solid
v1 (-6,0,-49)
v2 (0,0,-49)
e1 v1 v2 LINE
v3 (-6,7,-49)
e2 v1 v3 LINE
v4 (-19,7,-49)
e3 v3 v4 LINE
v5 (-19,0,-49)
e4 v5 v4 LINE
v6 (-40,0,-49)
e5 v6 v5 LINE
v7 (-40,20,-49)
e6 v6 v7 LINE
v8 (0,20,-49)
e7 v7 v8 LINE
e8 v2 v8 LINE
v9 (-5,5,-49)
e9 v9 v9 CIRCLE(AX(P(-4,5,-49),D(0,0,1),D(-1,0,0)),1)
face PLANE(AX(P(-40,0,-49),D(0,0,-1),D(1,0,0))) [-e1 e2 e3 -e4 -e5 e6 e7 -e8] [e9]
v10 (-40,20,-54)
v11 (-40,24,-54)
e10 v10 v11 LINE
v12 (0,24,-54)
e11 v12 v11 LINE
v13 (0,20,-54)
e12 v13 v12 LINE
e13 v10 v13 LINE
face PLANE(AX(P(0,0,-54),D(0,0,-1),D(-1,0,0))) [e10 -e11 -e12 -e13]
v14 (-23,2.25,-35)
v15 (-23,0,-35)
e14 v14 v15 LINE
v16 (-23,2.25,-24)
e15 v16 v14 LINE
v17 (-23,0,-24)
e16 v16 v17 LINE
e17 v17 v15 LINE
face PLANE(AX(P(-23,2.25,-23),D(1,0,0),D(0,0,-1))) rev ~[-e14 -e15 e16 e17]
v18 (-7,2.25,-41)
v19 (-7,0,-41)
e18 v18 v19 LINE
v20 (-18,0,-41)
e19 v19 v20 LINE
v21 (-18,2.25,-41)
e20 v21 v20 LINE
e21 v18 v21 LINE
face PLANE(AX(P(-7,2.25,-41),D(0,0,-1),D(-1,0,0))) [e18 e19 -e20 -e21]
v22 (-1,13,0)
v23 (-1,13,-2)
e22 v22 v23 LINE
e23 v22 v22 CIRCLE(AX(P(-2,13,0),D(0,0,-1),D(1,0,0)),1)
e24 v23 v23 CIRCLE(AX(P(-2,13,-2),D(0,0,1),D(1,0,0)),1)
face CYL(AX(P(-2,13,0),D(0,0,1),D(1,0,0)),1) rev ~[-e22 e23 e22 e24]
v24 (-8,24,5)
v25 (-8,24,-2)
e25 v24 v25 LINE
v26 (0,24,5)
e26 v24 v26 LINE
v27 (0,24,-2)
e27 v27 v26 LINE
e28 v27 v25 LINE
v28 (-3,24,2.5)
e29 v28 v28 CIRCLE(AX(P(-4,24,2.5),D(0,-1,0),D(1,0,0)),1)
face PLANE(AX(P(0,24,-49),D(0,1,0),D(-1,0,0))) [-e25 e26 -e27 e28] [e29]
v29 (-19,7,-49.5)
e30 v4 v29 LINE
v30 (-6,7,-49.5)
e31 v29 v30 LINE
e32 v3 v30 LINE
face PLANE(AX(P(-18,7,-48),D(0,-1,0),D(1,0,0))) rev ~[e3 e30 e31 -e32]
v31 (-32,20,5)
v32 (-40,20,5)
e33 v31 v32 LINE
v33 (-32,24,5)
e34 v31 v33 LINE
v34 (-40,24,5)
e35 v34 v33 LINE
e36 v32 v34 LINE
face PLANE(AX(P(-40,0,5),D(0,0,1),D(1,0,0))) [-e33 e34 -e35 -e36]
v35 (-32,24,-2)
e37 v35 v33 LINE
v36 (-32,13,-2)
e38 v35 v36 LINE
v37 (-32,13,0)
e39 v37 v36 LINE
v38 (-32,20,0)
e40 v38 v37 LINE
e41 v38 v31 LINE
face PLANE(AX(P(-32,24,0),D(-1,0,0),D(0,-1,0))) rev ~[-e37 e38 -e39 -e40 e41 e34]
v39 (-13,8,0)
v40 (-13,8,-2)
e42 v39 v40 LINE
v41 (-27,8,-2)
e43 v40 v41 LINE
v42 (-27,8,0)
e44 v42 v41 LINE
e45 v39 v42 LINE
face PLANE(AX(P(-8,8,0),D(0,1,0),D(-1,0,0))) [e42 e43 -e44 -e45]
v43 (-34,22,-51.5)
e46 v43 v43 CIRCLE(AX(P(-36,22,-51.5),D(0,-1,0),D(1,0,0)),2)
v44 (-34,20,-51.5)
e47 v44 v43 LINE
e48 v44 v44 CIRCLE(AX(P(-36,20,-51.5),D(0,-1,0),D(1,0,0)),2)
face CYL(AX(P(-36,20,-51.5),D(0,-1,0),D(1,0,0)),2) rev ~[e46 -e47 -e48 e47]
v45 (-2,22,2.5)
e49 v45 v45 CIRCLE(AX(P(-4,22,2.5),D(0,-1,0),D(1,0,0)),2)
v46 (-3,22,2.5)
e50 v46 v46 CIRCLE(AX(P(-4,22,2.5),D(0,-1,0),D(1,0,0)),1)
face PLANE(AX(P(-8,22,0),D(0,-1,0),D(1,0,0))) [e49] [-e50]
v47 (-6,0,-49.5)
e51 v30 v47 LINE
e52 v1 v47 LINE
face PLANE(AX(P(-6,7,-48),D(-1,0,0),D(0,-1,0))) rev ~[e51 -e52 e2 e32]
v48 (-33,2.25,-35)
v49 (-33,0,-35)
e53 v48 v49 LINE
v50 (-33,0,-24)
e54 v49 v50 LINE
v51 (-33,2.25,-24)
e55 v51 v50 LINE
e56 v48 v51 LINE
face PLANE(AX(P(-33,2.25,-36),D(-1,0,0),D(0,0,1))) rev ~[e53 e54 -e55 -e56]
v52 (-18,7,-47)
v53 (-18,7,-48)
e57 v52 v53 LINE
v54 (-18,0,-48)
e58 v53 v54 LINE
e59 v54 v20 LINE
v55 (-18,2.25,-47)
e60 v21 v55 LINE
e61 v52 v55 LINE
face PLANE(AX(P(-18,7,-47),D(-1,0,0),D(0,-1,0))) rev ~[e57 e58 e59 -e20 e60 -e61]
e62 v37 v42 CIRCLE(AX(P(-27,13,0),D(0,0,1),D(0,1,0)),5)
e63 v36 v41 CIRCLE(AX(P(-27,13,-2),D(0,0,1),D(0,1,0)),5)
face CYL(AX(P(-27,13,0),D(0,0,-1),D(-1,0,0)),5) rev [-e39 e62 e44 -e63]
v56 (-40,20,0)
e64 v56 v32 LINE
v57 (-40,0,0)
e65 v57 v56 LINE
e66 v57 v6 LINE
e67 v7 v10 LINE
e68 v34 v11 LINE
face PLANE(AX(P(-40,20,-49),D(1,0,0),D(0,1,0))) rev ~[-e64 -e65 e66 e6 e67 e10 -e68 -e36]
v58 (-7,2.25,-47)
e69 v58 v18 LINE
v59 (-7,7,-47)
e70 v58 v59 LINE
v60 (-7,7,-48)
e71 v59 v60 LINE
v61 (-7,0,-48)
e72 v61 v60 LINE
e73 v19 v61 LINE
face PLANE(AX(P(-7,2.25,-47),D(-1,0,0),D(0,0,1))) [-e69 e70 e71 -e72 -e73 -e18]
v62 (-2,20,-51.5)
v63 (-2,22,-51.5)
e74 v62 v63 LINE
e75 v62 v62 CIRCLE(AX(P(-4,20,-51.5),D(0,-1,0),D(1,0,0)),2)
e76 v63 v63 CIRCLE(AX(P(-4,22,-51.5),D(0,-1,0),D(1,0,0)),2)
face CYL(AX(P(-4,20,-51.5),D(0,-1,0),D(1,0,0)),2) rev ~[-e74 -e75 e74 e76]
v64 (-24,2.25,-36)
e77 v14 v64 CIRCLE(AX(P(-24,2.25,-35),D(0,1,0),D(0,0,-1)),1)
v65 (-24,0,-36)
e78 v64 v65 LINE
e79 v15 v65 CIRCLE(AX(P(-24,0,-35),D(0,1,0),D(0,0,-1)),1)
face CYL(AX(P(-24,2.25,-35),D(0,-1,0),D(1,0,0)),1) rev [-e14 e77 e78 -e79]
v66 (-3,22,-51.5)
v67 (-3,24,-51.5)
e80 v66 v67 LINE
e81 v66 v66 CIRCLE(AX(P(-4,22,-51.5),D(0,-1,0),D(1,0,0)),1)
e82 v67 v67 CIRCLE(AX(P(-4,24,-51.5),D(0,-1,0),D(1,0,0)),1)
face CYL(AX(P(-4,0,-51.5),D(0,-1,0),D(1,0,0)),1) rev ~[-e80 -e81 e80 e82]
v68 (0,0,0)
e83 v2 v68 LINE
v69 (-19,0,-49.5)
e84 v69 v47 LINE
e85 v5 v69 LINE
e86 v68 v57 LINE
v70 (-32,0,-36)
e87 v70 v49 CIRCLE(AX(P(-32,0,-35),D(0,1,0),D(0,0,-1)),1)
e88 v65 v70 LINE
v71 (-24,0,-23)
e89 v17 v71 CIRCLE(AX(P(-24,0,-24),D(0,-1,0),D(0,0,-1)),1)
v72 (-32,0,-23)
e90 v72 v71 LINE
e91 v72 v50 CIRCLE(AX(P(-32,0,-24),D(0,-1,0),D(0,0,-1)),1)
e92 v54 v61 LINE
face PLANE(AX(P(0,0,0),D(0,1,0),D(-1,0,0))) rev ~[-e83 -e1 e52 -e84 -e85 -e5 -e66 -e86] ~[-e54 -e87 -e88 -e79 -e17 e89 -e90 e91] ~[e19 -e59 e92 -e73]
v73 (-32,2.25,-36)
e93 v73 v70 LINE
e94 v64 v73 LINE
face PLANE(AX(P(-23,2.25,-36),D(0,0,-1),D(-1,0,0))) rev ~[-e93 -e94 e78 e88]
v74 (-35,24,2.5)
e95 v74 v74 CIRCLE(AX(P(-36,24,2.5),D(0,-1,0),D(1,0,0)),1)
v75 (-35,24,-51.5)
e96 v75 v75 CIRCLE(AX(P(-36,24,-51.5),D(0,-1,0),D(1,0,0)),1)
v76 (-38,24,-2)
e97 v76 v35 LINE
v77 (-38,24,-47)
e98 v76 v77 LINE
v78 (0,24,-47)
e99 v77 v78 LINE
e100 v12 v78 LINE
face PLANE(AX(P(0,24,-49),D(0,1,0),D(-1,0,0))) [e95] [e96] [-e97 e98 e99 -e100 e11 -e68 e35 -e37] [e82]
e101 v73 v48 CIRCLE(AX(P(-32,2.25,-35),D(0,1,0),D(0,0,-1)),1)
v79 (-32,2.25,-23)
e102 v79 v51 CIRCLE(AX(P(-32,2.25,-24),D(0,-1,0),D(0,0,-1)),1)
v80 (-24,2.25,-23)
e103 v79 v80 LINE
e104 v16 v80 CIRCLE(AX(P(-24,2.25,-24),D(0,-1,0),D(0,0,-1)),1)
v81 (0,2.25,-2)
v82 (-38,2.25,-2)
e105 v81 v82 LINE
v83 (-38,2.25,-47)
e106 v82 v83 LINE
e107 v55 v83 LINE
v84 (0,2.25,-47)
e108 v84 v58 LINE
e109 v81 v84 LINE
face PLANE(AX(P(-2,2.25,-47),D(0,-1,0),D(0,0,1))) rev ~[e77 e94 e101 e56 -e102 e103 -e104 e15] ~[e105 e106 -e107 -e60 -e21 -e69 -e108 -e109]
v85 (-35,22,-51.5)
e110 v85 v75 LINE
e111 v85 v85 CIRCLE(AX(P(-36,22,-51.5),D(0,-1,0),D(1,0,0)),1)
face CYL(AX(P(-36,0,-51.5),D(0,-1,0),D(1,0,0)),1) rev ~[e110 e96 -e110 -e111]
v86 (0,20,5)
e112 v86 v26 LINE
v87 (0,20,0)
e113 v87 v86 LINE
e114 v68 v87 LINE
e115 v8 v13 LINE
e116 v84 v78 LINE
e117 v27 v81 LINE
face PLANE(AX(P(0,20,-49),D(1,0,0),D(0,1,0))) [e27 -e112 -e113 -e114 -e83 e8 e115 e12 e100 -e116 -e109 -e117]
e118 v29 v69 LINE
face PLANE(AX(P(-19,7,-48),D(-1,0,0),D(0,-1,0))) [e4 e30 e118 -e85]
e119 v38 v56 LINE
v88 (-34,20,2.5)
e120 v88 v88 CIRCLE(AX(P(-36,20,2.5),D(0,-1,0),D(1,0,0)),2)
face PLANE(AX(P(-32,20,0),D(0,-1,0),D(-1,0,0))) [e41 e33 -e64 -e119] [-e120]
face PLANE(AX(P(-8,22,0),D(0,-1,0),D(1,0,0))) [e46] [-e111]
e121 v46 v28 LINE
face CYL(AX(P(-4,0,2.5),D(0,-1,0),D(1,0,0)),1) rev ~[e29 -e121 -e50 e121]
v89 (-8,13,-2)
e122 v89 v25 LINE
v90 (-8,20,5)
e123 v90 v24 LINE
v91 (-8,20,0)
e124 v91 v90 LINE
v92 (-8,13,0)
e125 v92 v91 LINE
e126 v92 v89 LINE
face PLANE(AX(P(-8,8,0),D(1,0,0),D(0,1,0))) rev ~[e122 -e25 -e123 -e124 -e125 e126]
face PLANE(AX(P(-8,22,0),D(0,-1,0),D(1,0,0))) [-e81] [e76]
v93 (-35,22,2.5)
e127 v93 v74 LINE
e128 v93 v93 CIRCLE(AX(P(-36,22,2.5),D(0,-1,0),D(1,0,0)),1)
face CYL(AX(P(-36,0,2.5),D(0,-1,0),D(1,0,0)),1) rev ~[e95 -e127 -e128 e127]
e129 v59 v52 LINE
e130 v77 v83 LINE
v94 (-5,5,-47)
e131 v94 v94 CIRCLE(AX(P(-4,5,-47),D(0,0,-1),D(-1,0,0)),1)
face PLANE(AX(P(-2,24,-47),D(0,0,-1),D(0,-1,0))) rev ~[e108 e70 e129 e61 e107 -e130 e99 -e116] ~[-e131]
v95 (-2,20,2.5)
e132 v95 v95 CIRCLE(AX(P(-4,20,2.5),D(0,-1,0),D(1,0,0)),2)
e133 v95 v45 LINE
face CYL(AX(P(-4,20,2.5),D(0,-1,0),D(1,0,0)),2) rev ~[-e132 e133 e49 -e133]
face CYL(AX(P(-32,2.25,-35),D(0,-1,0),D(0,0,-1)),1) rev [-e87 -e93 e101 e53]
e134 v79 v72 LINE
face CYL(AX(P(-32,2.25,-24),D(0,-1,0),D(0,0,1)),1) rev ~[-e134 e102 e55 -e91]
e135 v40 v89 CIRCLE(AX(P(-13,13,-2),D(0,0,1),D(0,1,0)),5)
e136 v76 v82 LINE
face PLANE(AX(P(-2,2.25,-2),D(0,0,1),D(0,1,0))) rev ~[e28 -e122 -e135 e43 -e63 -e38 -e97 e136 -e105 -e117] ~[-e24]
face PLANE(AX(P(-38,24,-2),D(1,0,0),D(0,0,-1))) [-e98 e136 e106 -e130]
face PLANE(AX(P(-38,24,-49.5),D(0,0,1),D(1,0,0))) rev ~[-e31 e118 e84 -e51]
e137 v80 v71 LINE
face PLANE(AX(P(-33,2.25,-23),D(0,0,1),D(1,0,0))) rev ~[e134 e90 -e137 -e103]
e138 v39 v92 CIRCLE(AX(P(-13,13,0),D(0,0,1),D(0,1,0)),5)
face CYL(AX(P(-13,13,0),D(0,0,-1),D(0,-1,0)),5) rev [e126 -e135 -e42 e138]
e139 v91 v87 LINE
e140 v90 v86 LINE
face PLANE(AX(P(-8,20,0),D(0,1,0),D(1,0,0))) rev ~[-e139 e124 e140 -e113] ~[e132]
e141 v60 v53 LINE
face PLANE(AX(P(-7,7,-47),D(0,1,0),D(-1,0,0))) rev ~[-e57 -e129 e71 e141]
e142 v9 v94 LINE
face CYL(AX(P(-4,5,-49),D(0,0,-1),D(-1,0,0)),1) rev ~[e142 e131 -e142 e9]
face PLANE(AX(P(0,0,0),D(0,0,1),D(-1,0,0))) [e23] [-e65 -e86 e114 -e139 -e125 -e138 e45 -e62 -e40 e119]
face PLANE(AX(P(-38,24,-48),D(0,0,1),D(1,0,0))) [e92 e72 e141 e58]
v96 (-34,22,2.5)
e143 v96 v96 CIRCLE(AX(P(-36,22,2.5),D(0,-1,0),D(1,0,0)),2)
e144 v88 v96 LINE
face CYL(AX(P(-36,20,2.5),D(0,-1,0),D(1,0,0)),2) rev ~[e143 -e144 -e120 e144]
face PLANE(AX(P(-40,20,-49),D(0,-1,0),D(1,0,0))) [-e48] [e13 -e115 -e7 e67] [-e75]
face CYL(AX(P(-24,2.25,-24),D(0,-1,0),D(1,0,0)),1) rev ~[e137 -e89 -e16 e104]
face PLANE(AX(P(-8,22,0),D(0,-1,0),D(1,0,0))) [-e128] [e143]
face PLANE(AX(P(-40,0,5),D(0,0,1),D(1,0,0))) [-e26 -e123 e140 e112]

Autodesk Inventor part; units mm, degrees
ref_plane "YZ Plane" through (0, 0, 0) normal (1, 0, 0) x (0, 1, 0)
ref_plane "XZ Plane" through (0, 0, 0) normal (0, 1, 0) x (-1, 0, 0)
ref_plane "XY Plane" through (0, 0, 0) normal (0, 0, 1) x (1, 0, 0)
sketch "Sketch1" plane through (0, 0, 0) normal (0, 1, 0) x (-1, 0, 0)
  line L0 (0, 0) -> (40, 0)
  line L1 (40, 0) -> (40, -49)
  line L2 (40, -49) -> (0, -49)
  line L3 (0, -49) -> (0, 0)
  dimension "d0" = 40
  dimension "d1" = 49
extrude "Extrusion1" add sketch "Sketch1" along normal blind 24
sketch "Sketch2" plane through (0, 24, 0) normal (0, 1, 0) x (1, 0, 0)
  line L0 (0, 0) -> (0, 49) projected
  line L1 (0, 49) -> (-40, 49) projected
  line L2 (0, 0) -> (-2, 0)
  line L3 (-2, 0) -> (-2, 49)
  line L4 (-2, 49) -> (0, 49)
  line L5 (0, 49) -> (0, 0)
  line L6 (-40, 49) -> (-40, 0) projected
  line L7 (-40, 0) -> (-38, 0)
  line L8 (-38, 0) -> (-38, 49)
  line L9 (-38, 49) -> (-40, 49)
  line L10 (-40, 49) -> (-40, 0)
  line L11 (0, 0) -> (-40, 0)
  line L12 (-40, 0) -> (-40, 2)
  line L13 (-40, 2) -> (0, 2)
  line L14 (0, 2) -> (0, 0)
  line L15 (0, 49) -> (-40, 49)
  line L16 (-40, 49) -> (-40, 47)
  line L17 (-40, 47) -> (0, 47)
  line L18 (0, 47) -> (0, 49)
  line L19 (-2, 47) -> (-38, 47)
  line L20 (-38, 47) -> (-38, 2)
  line L21 (-38, 2) -> (-2, 2)
  line L22 (-2, 2) -> (-2, 47)
  point P0 (-38, 47)
  dimension "d4" = 2
  dimension "d5" = 2
  dimension "d6" = 2
  dimension "d7" = 2
extrude "Extrusion2" cut sketch "Sketch2" against normal blind 21.75 contours L13 L8 L17 L3
sketch "Sketch3" plane through (-40, 0, 0) normal (0, 0, 1) x (1, 0, 0)
  line L0 (0, 24) -> (40, 24) projected
  line L1 (0, 0) -> (40, 0) projected
  line L2 (0, 24) -> (8, 24)
  line L3 (8, 24) -> (8, 0)
  line L4 (8, 0) -> (0, 0)
  line L5 (0, 0) -> (0, 24)
  line L6 (0, 0) -> (0, 24) projected
  line L7 (40, 0) -> (40, 24) projected
  line L8 (0, 0) -> (40, 0)
  line L9 (40, 0) -> (40, 8)
  line L10 (40, 8) -> (0, 8)
  line L11 (0, 8) -> (0, 0)
  line L12 (38, 24) -> (2, 24) projected
  line L13 (40, 0) -> (32, 0)
  line L14 (32, 0) -> (32, 24)
  line L15 (32, 24) -> (40, 24)
  line L16 (40, 24) -> (40, 0)
  line L17 (8, 24) -> (32, 24)
  line L18 (32, 24) -> (32, 8)
  line L19 (32, 8) -> (8, 8)
  line L20 (8, 8) -> (8, 24)
  point P0 (8, 8)
  dimension "d10" = 8
  dimension "d11" = 8
  dimension "d12" = 8
extrude "Extrusion3" cut sketch "Sketch3" against normal blind 21 contours L0 L14 L10 L3
fillet "Fillet1" radius 5 2 edges at (-32, 8, -1) (-8, 8, -1)
sketch "Sketch4" plane through (-40, 0, 0) normal (0, 0, 1) x (1, 0, 0)
  line L0 (0, 0) -> (0, 24) projected
  line L1 (8, 13) -> (8, 24) projected
  line L2 (0, 24) -> (8, 24)
  line L3 (8, 24) -> (8, 20)
  line L4 (8, 20) -> (0, 20)
  line L5 (0, 20) -> (0, 24)
  line L6 (32, 24) -> (40, 24) projected
  line L7 (32, 13) -> (32, 24) projected
  line L8 (40, 24) -> (32, 24)
  line L9 (32, 24) -> (32, 20)
  line L10 (32, 20) -> (40, 20)
  line L11 (40, 20) -> (40, 24)
  point P0 (40, 0)
  point P1 (0, 20)
  dimension "d16" = 4
  dimension "d17" = 4
extrude "Extrusion4" add sketch "Sketch4" along normal blind 5
sketch "Sketch5" plane through (0, 0, -49) normal (0, 0, -1) x (-1, 0, 0)
  line L0 (40, 0) -> (40, 24) projected
  line L1 (0, 24) -> (40, 24)
  line L2 (40, 24) -> (40, 20)
  line L3 (40, 20) -> (0, 20)
  line L4 (0, 20) -> (0, 24)
  point P0 (0, 0)
  dimension "d20" = 4
extrude "Extrusion5" add sketch "Sketch5" along normal blind 5
sketch "Sketch6" plane through (-2, 24, -47) normal (-1, 0, 0) x (0, 0, 1)
  line L0 (0, 0) -> (0, -21.75) projected
  line L1 (0, 0) -> (45, 0) projected
  line L2 (0, -21.75) -> (45, -21.75)
  line L3 (45, -21.75) -> (45, 0)
  line L4 (45, 0) -> (0, 0)
  line L5 (0, 0) -> (0, -21.75)
  point P0 (47, -24)
extrude "Extrusion6" cut sketch "Sketch6" against normal blind 10
sketch "Sketch7" plane through (0, 2.25, 0) normal (0, 1, 0) x (1, 0, 0)
  line L0 (-38, 47) -> (-23, 47)
  line L1 (-23, 47) -> (-23, 36)
  line L2 (-23, 36) -> (-38, 36)
  line L3 (-38, 36) -> (-38, 47)
  line L4 (-23, 36) -> (-33, 36)
  line L5 (-33, 36) -> (-33, 23)
  line L6 (-33, 23) -> (-23, 23)
  line L7 (-23, 23) -> (-23, 36)
  line L8 (-38, 47) -> (0, 47) projected
  line L9 (-23, 23) -> (-18, 23)
  line L10 (-18, 23) -> (-18, 47)
  line L11 (-18, 47) -> (-23, 47)
  line L12 (-23, 47) -> (-23, 23)
  line L13 (-18, 47) -> (-7, 47)
  line L14 (-7, 47) -> (-7, 41)
  line L15 (-7, 41) -> (-18, 41)
  line L16 (-18, 41) -> (-18, 47)
  point P0 (0, 0)
  point P1 (-7, 47)
  dimension "d25" = 15
  dimension "d26" = 11
  dimension "d27" = 10
  dimension "d28" = 13
  dimension "d29" = 5
  dimension "d30" = 11
  dimension "d31" = 6
extrude "Extrusion7" cut sketch "Sketch7" against normal blind 10 contours L7 L6 L5 L2 | L8 L14 L15 L10
sketch "Sketch8" plane through (-38, 24, -47) normal (0, 0, 1) x (1, 0, 0)
  line L0 (20, -24) -> (31, -24)
  line L1 (31, -24) -> (31, -17)
  line L2 (31, -17) -> (20, -17)
  line L3 (20, -17) -> (20, -24)
  point P0 (38, -24)
  dimension "d34" = 11
  dimension "d35" = 7
extrude "Extrusion8" cut sketch "Sketch8" against normal blind 1
fillet "Fillet2" radius 1 4 edges at (-33, 1.125, -36) (-23, 1.125, -36) (-33, 1.125, -23) (-23, 1.125, -23)
sketch "Sketch9" plane through (-38, 24, -48) normal (0, 0, 1) x (1, 0, 0)
  line L0 (31, -24) -> (20, -24) projected
  line L1 (20, -17) -> (31, -17)
  line L2 (31, -17) -> (31, -24)
  line L3 (31, -24) -> (20, -24)
  line L4 (20, -24) -> (20, -17)
  line L5 (20, -24) -> (20, -17) projected
  line L6 (20, -17) -> (19, -17)
  line L7 (19, -17) -> (19, -24)
  line L8 (19, -24) -> (20, -24)
  line L9 (20, -24) -> (20, -17)
  line L10 (31, -17) -> (32, -17)
  line L11 (32, -17) -> (32, -24)
  line L12 (32, -24) -> (31, -24)
  line L13 (31, -24) -> (31, -17)
  point P0 (38, -24)
  point P1 (31, -24)
  dimension "d69" = 1
  dimension "d70" = 1
extrude "Extrusion9" add sketch "Sketch9" against normal blind 1.5
sketch "Sketch10" plane through (0, 0, 0) normal (0, -1, 0) x (1, 0, 0)
  line L0 (-8, 5) -> (0, 5) projected
  line L1 (0, 5) -> (-4, 5)
  line L2 (-4, 5) -> (-4, 2.5)
  line L3 (-4, 2.5) -> (0, 2.5)
  line L4 (0, 2.5) -> (0, 5)
  circle A0 centre (-4, 2.5) radius 1
  line L5 (-40, 0) -> (-40, 5) projected
  line L6 (-40, 5) -> (-36, 5)
  line L7 (-36, 5) -> (-36, 2.5)
  line L8 (-36, 2.5) -> (-40, 2.5)
  line L9 (-40, 2.5) -> (-40, 5)
  circle A1 centre (-36, 2.5) radius 1
  line L10 (-40, 5) -> (-40, -54) projected
  line L11 (-40, -54) -> (-36, -54)
  line L12 (-36, -54) -> (-36, -51.5)
  line L13 (-36, -51.5) -> (-40, -51.5)
  line L14 (-40, -51.5) -> (-40, -54)
  circle A2 centre (-36, -51.5) radius 1
  line L15 (0, -54) -> (0, -47) projected
  line L16 (0, -54) -> (-4, -54)
  line L17 (-4, -54) -> (-4, -51.5)
  line L18 (-4, -51.5) -> (0, -51.5)
  line L19 (0, -51.5) -> (0, -54)
  circle A3 centre (-4, -51.5) radius 1
  point P0 (0, 0)
  dimension "d41" = 4
  dimension "d42" = 2.5
  dimension "d43" = 2
  dimension "d44" = 4
  dimension "d45" = 2.5
  dimension "d46" = 2
  dimension "d49" = 4
  dimension "d50" = 2.5
  dimension "d51" = 2
  dimension "d53" = 4
  dimension "d54" = 2.5
  dimension "d55" = 2
extrude "Extrusion10" cut sketch "Sketch10" against normal blind 30 contours A0 L3 L2 | L2 L3 A0 | A1 L7 L8 | L8 L7 A1 | A2 L12 L13 | L13 L12 A2 | A3 L17 L18 | L18 L17 A3
sketch "Sketch11" plane through (-8, 20, 0) normal (0, -1, 0) x (1, 0, 0)
  circle A0 centre (4, 2.5) radius 1 projected
  circle A1 centre (4, 2.5) radius 2
  circle A2 centre (-28, 2.5) radius 1 projected
  circle A3 centre (-28, 2.5) radius 2
  circle A4 centre (4, -51.5) radius 1 projected
  circle A5 centre (4, -51.5) radius 2
  circle A6 centre (-28, -51.5) radius 1 projected
  circle A7 centre (-28, -51.5) radius 2
  point P0 (8, 0)
  dimension "d58" = 4
  dimension "d59" = 4
  dimension "d60" = 4
  dimension "d61" = 4
extrude "Extrusion11" cut sketch "Sketch11" against normal blind 2 contours A1 | A2 | A3 | A4 | A5 | A6 | A7
sketch "Sketch12" plane through (-40, 0, 0) normal (0, 0, 1) x (1, 0, 0)
  line L0 (0, 20) -> (40, 20) projected
  line L1 (40, 20) -> (38, 20)
  line L2 (38, 20) -> (38, 13)
  line L3 (38, 13) -> (40, 13)
  line L4 (40, 13) -> (40, 20)
  circle A0 centre (38, 13) radius 1
  point P0 (40, 0)
  dimension "d64" = 2
  dimension "d65" = 7
  dimension "d66" = 2
extrude "Extrusion12" cut sketch "Sketch12" against normal blind 5 contours A0 L3 L2 | L2 L3 A0
sketch "Sketch13" plane through (0, 20, -49) normal (0, 0, -1) x (-1, 0, 0)
  line L0 (6, -13) -> (19, -13) projected
  line L1 (6, -13) -> (4, -13)
  line L2 (4, -13) -> (4, -15)
  line L3 (4, -15) -> (6, -15)
  line L4 (6, -15) -> (6, -13)
  circle A0 centre (4, -15) radius 1
  point P0 (0, -20)
  dimension "d71" = 2
  dimension "d72" = 2
  dimension "d73" = 2
extrude "Extrusion13" cut sketch "Sketch13" against normal blind 3 contours A0 L3 L2 | L2 L3 A0
properties part number "encaixe1 mouse"
